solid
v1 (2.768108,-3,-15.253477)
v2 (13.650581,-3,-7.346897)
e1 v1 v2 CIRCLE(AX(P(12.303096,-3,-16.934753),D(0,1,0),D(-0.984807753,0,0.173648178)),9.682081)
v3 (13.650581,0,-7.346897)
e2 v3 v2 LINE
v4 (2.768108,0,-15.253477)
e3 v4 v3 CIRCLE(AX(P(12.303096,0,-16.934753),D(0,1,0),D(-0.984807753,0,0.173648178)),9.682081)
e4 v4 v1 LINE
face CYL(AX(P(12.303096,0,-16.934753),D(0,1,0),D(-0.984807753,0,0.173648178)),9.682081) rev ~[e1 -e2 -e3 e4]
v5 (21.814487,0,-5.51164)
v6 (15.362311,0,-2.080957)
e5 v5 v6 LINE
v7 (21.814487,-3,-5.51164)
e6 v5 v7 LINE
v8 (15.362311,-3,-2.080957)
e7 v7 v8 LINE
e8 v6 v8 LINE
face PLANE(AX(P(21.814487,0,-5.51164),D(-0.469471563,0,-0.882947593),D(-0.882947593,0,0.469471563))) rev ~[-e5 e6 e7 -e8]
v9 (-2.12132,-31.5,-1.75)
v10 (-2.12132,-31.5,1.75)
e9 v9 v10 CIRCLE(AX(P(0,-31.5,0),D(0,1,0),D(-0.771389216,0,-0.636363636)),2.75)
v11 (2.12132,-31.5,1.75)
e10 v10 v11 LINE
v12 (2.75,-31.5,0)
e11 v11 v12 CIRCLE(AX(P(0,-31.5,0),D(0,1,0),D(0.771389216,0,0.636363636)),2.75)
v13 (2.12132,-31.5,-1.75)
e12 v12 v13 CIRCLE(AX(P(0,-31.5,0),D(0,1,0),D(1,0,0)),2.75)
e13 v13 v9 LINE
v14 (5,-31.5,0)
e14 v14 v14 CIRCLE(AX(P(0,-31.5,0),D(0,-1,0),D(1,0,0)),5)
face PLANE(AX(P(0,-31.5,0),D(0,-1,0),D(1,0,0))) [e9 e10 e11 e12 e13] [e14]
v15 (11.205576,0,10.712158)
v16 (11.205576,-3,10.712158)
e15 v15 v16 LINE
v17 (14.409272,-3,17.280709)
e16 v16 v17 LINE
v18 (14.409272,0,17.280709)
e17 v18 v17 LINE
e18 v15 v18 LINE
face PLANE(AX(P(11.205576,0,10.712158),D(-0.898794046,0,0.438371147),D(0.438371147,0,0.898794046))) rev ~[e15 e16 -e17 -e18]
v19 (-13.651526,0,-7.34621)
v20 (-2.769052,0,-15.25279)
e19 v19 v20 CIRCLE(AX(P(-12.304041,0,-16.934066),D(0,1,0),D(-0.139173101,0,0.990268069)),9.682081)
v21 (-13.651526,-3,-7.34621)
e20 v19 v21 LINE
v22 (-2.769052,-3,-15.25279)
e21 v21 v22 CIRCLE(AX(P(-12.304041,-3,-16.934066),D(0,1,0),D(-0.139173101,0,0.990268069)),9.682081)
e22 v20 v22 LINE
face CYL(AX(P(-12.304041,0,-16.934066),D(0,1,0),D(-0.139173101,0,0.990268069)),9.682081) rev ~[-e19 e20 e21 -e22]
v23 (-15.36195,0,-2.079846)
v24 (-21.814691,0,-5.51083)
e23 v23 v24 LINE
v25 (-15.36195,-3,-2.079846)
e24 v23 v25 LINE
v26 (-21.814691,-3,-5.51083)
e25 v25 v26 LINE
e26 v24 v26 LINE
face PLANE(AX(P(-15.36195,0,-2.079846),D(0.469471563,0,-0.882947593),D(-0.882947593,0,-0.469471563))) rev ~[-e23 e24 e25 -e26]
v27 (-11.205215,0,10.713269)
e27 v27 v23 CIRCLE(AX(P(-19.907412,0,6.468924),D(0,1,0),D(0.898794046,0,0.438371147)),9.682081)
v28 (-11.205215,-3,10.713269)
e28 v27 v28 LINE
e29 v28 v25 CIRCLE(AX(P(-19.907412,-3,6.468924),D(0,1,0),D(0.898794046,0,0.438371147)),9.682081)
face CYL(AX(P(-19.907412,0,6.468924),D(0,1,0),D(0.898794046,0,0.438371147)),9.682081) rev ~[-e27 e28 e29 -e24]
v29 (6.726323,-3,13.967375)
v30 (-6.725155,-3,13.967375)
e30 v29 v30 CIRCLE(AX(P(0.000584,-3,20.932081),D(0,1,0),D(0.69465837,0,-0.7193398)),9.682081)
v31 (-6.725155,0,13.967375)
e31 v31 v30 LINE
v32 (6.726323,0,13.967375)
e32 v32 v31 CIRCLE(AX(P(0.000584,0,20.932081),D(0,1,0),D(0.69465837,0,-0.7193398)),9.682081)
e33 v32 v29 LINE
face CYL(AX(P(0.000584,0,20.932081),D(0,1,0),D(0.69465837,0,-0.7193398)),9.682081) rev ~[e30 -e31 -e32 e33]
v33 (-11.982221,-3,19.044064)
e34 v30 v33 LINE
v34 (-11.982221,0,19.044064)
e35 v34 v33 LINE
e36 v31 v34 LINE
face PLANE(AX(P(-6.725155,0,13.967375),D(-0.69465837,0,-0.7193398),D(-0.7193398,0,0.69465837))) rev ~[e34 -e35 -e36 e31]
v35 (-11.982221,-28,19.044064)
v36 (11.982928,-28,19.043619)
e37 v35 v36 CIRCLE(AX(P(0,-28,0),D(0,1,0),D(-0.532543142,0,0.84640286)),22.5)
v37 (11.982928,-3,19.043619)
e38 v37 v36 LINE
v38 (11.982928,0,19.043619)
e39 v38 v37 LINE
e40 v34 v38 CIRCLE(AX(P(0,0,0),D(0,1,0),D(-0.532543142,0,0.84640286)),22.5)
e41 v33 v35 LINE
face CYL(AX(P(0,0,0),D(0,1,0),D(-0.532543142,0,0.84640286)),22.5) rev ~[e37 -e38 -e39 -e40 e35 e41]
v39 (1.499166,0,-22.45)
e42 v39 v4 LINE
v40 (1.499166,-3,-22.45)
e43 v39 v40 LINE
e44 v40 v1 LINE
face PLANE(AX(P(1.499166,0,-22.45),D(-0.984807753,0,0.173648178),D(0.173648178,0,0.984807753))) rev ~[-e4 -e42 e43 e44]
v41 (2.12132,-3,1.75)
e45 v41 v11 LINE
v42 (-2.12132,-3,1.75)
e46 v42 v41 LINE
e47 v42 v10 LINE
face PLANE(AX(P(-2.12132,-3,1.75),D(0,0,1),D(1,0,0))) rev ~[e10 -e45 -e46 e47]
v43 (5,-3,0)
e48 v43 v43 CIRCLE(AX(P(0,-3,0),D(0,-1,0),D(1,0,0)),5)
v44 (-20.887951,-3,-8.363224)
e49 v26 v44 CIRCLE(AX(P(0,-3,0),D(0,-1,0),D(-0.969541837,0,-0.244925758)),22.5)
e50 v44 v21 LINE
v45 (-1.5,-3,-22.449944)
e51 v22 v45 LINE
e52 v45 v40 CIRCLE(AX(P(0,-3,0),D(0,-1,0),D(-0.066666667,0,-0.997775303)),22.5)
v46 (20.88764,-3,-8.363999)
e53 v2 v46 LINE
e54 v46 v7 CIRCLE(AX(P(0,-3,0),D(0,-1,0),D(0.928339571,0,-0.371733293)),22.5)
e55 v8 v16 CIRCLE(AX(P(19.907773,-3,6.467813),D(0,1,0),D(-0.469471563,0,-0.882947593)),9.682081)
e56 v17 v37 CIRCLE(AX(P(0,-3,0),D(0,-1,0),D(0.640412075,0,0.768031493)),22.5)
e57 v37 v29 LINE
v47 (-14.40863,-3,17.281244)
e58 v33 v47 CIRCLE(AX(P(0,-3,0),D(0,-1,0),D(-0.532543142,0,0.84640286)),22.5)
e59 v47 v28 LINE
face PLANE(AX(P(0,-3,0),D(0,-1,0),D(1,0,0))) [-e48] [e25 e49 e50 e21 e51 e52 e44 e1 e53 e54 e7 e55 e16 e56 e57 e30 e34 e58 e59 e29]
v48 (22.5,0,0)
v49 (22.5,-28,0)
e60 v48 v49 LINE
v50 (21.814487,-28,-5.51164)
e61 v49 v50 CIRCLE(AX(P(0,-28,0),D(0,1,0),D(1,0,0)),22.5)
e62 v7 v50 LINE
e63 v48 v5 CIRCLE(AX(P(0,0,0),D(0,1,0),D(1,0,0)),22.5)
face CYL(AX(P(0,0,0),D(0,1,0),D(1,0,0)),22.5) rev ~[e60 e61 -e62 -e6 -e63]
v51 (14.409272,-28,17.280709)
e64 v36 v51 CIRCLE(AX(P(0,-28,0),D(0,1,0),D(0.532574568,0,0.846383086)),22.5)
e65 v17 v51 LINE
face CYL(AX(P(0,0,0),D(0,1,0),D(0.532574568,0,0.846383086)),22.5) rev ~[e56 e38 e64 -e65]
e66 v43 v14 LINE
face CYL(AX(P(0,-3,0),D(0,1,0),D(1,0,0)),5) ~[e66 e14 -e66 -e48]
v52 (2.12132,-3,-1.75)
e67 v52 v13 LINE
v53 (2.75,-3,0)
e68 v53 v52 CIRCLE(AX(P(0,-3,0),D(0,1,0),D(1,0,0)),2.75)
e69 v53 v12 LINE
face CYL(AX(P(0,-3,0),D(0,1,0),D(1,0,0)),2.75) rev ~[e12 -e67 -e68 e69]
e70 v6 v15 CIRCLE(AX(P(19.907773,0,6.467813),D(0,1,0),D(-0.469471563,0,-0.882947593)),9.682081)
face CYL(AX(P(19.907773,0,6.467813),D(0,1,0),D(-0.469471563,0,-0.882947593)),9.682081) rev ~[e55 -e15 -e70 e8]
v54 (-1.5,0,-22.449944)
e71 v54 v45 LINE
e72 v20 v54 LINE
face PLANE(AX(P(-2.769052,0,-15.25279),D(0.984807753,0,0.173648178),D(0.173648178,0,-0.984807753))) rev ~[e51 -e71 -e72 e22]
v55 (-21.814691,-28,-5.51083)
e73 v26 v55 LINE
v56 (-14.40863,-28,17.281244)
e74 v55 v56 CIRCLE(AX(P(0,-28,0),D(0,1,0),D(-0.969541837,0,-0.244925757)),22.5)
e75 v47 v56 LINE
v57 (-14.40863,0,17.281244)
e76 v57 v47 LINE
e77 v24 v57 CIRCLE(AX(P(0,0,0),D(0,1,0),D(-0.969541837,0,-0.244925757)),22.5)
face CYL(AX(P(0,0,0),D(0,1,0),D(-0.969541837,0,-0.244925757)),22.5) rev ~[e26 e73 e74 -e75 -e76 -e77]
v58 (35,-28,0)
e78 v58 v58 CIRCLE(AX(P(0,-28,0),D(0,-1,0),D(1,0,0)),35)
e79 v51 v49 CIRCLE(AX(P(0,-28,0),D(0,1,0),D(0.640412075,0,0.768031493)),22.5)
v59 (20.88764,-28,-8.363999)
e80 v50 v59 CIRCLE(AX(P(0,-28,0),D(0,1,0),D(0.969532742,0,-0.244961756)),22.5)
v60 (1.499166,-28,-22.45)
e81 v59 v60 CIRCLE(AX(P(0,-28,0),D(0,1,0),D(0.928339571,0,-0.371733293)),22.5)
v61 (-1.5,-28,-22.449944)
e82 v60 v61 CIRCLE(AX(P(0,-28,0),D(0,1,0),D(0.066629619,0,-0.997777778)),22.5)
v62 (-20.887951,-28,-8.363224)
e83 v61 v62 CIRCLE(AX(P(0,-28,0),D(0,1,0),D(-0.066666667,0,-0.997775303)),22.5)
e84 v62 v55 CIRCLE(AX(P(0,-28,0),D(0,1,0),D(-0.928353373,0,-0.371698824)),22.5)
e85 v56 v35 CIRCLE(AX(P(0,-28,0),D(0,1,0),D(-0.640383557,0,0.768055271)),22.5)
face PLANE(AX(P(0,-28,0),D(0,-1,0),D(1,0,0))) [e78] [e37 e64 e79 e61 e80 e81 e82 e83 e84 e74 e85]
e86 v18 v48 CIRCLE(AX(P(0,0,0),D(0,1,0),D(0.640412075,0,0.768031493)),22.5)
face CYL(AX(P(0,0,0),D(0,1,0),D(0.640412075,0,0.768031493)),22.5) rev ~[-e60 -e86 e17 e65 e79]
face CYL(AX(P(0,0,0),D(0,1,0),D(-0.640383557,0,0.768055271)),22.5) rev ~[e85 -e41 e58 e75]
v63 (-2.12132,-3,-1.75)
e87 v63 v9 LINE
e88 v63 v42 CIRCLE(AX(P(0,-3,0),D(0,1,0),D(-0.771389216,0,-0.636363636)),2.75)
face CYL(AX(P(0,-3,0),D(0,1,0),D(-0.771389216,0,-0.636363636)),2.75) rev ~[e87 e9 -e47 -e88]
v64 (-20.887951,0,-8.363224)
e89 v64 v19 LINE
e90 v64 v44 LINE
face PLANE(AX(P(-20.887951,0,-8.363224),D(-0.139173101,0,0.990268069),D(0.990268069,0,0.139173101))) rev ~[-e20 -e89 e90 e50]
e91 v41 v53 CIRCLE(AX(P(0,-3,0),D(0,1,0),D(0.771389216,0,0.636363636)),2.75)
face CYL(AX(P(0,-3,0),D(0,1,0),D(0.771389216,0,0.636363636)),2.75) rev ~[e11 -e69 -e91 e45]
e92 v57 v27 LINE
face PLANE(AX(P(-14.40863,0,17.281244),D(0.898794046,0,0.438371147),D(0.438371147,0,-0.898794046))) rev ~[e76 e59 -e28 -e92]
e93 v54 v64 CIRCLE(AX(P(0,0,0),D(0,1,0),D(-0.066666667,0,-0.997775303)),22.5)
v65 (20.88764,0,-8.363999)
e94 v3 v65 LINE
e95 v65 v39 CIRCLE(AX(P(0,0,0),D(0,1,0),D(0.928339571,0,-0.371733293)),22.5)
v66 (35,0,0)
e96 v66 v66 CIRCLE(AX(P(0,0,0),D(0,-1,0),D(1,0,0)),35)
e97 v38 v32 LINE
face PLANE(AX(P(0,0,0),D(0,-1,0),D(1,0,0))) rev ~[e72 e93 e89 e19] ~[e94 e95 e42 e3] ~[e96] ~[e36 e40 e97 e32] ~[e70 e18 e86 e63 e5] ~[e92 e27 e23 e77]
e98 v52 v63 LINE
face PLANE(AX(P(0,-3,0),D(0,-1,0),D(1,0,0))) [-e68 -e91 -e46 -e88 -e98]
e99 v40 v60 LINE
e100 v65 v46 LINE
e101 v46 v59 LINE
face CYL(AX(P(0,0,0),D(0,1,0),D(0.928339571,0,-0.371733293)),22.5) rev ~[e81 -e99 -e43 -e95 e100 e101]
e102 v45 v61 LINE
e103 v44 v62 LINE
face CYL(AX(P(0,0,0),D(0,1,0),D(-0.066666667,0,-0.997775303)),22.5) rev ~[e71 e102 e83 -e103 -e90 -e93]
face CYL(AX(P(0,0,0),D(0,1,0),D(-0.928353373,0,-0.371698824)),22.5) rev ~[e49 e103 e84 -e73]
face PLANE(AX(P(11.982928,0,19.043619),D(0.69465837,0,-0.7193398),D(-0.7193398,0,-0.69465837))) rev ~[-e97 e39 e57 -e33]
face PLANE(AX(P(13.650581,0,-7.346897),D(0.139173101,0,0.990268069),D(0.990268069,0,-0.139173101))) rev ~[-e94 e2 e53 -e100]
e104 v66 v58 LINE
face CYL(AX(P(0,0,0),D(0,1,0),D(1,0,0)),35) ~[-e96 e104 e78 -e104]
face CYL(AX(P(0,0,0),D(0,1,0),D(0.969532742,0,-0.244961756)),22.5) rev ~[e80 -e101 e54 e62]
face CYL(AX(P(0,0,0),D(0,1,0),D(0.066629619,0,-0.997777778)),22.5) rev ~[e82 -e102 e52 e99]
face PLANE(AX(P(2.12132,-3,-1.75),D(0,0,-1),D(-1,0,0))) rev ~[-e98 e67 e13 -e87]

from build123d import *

# Parameters (mm, degrees)
F0_R     = 8.75
F1_DEPTH = 3
F0_R_2   = 35
F2_DEPTH = 28
F3_R     = 5
F4_DEPTH = 28.5


with BuildPart() as f1:
    # F0 (on Front) → F1 (new body)
    with BuildSketch(Plane.XZ):
        with BuildLine():
            Line((11.2055757109, 10.7121584512), (14.409271678, 17.2807085997))
            ThreePointArc((14.409271678, 17.2807085997), (13.2255061098, 18.2026368458), (11.9829277906, 19.043619445))
            Line((11.9829277906, 19.043619445), (6.7263225873, 13.9673748066))
            ThreePointArc((6.7263225873, 13.9673748066), (0.0005839076, 11.2499999919), (-6.7251547721, 13.9673748066))
            Line((-6.7251547721, 13.9673748066), (-11.9822206949, 19.0440643566))
            ThreePointArc((-11.9822206949, 19.0440643566), (-13.2248302388, 18.2031278948), (-14.4086300373, 17.2812436025))
            Line((-14.4086300373, 17.2812436025), (-11.2052148362, 10.7132691094))
            ThreePointArc((-11.2052148362, 10.7132691094), (-10.6992053632, 3.4769965133), (-15.3619499397, -2.0798460871))
            Line((-15.3619499397, -2.0798460871), (-21.8146913282, -5.5108295434))
            ThreePointArc((-21.8146913282, -5.5108295434), (-21.3989006928, -6.9524851052), (-20.887950885, -8.3632235308))
            Line((-20.887950885, -8.3632235308), (-13.6515262074, -7.3462103663))
            ThreePointArc((-13.6515262074, -7.3462103663), (-6.6130564747, -9.1010979679), (-2.7690524241, -15.2527903798))
            Line((-2.7690524241, -15.2527903798), (-1.5, -22.4499443206))
            ThreePointArc((-1.5, -22.4499443206), (-0.0004177112, -22.4999999961), (1.4991664351, -22.45))
            Line((1.4991664351, -22.45), (2.7681076417, -15.2534768043))
            ThreePointArc((2.7681076417, -15.2534768043), (6.6121116923, -9.1017843924), (13.650581425, -7.3468967909))
            Line((13.650581425, -7.3468967909), (20.887640345, -8.3639990923))
            ThreePointArc((20.887640345, -8.3639990923), (21.3986425331, -6.9532796392), (21.8144866967, -5.5116395166))
            Line((21.8144866967, -5.5116395166), (15.3623108145, -2.0809567454))
            ThreePointArc((15.3623108145, -2.0809567454), (10.6995662379, 3.4758858551), (11.2055757109, 10.7121584512))
        make_face()
        Circle(F0_R, mode=Mode.SUBTRACT)
        Circle(F0_R)
        Polygon((-3.4579752893, 1.1235642806), (0, 3.635930389), (3.4579752893, 1.1235642806), (2.137146261, -2.9415294751), (-2.137146261, -2.9415294751), align=None, mode=Mode.SUBTRACT)
        Polygon((3.4579752893, 1.1235642806), (0, 3.635930389), (-3.4579752893, 1.1235642806), (-2.137146261, -2.9415294751), (2.137146261, -2.9415294751), align=None)
    extrude(amount=F1_DEPTH)

    # F0 (on Front) → F2 (join)
    with BuildSketch(Plane.XZ):
        Circle(F0_R_2)
        with BuildLine():
            ThreePointArc((14.409271678, 17.2807085997), (20.3771761139, 9.540476593), (22.5, 0))
            ThreePointArc((22.5, 0), (22.3279639765, -2.7770532337), (21.8144866967, -5.5116395166))
            ThreePointArc((21.8144866967, -5.5116395166), (21.3986425331, -6.9532796392), (20.887640345, -8.3639990923))
            ThreePointArc((20.887640345, -8.3639990923), (13.2248302388, -18.2031278948), (1.4991664351, -22.45))
            ThreePointArc((1.4991664351, -22.45), (-0.0004177112, -22.4999999961), (-1.5, -22.4499443206))
            ThreePointArc((-1.5, -22.4499443206), (-13.2255061098, -18.2026368458), (-20.887950885, -8.3632235308))
            ThreePointArc((-20.887950885, -8.3632235308), (-21.3989006928, -6.9524851052), (-21.8146913282, -5.5108295434))
            ThreePointArc((-21.8146913282, -5.5108295434), (-21.3986425331, 6.9532796392), (-14.4086300373, 17.2812436025))
            ThreePointArc((-14.4086300373, 17.2812436025), (-13.2248302388, 18.2031278948), (-11.9822206949, 19.0440643566))
            ThreePointArc((-11.9822206949, 19.0440643566), (0.0004177112, 22.4999999961), (11.9829277906, 19.043619445))
            ThreePointArc((11.9829277906, 19.043619445), (13.2255061098, 18.2026368458), (14.409271678, 17.2807085997))
        make_face(mode=Mode.SUBTRACT)
    extrude(amount=F2_DEPTH)

    # F3 (on face) → F4 (join)
    with BuildSketch(Plane.XZ.offset(3)):
        Circle(F3_R)
        with BuildLine():
            ThreePointArc((2.1213203436, 1.75), (2.5880621075, 0.9297497123), (2.75, 0))
            ThreePointArc((2.75, 0), (2.5880621075, -0.9297497123), (2.1213203436, -1.75))
            ThreePointArc((2.1213203436, -1.75), (0, -2.75), (-2.1213203436, -1.75))
            ThreePointArc((-2.1213203436, -1.75), (-2.75, 0), (-2.1213203436, 1.75))
            ThreePointArc((-2.1213203436, 1.75), (0, 2.75), (2.1213203436, 1.75))
        make_face(mode=Mode.SUBTRACT)
        with BuildLine():
            Line((-2.1213203436, 1.75), (2.1213203436, 1.75))
            ThreePointArc((2.1213203436, 1.75), (0, 2.75), (-2.1213203436, 1.75))
        make_face()
        with BuildLine():
            ThreePointArc((-2.1213203436, -1.75), (0, -2.75), (2.1213203436, -1.75))
            Line((2.1213203436, -1.75), (-2.1213203436, -1.75))
        make_face()
    extrude(amount=F4_DEPTH)


solid = f1.part
